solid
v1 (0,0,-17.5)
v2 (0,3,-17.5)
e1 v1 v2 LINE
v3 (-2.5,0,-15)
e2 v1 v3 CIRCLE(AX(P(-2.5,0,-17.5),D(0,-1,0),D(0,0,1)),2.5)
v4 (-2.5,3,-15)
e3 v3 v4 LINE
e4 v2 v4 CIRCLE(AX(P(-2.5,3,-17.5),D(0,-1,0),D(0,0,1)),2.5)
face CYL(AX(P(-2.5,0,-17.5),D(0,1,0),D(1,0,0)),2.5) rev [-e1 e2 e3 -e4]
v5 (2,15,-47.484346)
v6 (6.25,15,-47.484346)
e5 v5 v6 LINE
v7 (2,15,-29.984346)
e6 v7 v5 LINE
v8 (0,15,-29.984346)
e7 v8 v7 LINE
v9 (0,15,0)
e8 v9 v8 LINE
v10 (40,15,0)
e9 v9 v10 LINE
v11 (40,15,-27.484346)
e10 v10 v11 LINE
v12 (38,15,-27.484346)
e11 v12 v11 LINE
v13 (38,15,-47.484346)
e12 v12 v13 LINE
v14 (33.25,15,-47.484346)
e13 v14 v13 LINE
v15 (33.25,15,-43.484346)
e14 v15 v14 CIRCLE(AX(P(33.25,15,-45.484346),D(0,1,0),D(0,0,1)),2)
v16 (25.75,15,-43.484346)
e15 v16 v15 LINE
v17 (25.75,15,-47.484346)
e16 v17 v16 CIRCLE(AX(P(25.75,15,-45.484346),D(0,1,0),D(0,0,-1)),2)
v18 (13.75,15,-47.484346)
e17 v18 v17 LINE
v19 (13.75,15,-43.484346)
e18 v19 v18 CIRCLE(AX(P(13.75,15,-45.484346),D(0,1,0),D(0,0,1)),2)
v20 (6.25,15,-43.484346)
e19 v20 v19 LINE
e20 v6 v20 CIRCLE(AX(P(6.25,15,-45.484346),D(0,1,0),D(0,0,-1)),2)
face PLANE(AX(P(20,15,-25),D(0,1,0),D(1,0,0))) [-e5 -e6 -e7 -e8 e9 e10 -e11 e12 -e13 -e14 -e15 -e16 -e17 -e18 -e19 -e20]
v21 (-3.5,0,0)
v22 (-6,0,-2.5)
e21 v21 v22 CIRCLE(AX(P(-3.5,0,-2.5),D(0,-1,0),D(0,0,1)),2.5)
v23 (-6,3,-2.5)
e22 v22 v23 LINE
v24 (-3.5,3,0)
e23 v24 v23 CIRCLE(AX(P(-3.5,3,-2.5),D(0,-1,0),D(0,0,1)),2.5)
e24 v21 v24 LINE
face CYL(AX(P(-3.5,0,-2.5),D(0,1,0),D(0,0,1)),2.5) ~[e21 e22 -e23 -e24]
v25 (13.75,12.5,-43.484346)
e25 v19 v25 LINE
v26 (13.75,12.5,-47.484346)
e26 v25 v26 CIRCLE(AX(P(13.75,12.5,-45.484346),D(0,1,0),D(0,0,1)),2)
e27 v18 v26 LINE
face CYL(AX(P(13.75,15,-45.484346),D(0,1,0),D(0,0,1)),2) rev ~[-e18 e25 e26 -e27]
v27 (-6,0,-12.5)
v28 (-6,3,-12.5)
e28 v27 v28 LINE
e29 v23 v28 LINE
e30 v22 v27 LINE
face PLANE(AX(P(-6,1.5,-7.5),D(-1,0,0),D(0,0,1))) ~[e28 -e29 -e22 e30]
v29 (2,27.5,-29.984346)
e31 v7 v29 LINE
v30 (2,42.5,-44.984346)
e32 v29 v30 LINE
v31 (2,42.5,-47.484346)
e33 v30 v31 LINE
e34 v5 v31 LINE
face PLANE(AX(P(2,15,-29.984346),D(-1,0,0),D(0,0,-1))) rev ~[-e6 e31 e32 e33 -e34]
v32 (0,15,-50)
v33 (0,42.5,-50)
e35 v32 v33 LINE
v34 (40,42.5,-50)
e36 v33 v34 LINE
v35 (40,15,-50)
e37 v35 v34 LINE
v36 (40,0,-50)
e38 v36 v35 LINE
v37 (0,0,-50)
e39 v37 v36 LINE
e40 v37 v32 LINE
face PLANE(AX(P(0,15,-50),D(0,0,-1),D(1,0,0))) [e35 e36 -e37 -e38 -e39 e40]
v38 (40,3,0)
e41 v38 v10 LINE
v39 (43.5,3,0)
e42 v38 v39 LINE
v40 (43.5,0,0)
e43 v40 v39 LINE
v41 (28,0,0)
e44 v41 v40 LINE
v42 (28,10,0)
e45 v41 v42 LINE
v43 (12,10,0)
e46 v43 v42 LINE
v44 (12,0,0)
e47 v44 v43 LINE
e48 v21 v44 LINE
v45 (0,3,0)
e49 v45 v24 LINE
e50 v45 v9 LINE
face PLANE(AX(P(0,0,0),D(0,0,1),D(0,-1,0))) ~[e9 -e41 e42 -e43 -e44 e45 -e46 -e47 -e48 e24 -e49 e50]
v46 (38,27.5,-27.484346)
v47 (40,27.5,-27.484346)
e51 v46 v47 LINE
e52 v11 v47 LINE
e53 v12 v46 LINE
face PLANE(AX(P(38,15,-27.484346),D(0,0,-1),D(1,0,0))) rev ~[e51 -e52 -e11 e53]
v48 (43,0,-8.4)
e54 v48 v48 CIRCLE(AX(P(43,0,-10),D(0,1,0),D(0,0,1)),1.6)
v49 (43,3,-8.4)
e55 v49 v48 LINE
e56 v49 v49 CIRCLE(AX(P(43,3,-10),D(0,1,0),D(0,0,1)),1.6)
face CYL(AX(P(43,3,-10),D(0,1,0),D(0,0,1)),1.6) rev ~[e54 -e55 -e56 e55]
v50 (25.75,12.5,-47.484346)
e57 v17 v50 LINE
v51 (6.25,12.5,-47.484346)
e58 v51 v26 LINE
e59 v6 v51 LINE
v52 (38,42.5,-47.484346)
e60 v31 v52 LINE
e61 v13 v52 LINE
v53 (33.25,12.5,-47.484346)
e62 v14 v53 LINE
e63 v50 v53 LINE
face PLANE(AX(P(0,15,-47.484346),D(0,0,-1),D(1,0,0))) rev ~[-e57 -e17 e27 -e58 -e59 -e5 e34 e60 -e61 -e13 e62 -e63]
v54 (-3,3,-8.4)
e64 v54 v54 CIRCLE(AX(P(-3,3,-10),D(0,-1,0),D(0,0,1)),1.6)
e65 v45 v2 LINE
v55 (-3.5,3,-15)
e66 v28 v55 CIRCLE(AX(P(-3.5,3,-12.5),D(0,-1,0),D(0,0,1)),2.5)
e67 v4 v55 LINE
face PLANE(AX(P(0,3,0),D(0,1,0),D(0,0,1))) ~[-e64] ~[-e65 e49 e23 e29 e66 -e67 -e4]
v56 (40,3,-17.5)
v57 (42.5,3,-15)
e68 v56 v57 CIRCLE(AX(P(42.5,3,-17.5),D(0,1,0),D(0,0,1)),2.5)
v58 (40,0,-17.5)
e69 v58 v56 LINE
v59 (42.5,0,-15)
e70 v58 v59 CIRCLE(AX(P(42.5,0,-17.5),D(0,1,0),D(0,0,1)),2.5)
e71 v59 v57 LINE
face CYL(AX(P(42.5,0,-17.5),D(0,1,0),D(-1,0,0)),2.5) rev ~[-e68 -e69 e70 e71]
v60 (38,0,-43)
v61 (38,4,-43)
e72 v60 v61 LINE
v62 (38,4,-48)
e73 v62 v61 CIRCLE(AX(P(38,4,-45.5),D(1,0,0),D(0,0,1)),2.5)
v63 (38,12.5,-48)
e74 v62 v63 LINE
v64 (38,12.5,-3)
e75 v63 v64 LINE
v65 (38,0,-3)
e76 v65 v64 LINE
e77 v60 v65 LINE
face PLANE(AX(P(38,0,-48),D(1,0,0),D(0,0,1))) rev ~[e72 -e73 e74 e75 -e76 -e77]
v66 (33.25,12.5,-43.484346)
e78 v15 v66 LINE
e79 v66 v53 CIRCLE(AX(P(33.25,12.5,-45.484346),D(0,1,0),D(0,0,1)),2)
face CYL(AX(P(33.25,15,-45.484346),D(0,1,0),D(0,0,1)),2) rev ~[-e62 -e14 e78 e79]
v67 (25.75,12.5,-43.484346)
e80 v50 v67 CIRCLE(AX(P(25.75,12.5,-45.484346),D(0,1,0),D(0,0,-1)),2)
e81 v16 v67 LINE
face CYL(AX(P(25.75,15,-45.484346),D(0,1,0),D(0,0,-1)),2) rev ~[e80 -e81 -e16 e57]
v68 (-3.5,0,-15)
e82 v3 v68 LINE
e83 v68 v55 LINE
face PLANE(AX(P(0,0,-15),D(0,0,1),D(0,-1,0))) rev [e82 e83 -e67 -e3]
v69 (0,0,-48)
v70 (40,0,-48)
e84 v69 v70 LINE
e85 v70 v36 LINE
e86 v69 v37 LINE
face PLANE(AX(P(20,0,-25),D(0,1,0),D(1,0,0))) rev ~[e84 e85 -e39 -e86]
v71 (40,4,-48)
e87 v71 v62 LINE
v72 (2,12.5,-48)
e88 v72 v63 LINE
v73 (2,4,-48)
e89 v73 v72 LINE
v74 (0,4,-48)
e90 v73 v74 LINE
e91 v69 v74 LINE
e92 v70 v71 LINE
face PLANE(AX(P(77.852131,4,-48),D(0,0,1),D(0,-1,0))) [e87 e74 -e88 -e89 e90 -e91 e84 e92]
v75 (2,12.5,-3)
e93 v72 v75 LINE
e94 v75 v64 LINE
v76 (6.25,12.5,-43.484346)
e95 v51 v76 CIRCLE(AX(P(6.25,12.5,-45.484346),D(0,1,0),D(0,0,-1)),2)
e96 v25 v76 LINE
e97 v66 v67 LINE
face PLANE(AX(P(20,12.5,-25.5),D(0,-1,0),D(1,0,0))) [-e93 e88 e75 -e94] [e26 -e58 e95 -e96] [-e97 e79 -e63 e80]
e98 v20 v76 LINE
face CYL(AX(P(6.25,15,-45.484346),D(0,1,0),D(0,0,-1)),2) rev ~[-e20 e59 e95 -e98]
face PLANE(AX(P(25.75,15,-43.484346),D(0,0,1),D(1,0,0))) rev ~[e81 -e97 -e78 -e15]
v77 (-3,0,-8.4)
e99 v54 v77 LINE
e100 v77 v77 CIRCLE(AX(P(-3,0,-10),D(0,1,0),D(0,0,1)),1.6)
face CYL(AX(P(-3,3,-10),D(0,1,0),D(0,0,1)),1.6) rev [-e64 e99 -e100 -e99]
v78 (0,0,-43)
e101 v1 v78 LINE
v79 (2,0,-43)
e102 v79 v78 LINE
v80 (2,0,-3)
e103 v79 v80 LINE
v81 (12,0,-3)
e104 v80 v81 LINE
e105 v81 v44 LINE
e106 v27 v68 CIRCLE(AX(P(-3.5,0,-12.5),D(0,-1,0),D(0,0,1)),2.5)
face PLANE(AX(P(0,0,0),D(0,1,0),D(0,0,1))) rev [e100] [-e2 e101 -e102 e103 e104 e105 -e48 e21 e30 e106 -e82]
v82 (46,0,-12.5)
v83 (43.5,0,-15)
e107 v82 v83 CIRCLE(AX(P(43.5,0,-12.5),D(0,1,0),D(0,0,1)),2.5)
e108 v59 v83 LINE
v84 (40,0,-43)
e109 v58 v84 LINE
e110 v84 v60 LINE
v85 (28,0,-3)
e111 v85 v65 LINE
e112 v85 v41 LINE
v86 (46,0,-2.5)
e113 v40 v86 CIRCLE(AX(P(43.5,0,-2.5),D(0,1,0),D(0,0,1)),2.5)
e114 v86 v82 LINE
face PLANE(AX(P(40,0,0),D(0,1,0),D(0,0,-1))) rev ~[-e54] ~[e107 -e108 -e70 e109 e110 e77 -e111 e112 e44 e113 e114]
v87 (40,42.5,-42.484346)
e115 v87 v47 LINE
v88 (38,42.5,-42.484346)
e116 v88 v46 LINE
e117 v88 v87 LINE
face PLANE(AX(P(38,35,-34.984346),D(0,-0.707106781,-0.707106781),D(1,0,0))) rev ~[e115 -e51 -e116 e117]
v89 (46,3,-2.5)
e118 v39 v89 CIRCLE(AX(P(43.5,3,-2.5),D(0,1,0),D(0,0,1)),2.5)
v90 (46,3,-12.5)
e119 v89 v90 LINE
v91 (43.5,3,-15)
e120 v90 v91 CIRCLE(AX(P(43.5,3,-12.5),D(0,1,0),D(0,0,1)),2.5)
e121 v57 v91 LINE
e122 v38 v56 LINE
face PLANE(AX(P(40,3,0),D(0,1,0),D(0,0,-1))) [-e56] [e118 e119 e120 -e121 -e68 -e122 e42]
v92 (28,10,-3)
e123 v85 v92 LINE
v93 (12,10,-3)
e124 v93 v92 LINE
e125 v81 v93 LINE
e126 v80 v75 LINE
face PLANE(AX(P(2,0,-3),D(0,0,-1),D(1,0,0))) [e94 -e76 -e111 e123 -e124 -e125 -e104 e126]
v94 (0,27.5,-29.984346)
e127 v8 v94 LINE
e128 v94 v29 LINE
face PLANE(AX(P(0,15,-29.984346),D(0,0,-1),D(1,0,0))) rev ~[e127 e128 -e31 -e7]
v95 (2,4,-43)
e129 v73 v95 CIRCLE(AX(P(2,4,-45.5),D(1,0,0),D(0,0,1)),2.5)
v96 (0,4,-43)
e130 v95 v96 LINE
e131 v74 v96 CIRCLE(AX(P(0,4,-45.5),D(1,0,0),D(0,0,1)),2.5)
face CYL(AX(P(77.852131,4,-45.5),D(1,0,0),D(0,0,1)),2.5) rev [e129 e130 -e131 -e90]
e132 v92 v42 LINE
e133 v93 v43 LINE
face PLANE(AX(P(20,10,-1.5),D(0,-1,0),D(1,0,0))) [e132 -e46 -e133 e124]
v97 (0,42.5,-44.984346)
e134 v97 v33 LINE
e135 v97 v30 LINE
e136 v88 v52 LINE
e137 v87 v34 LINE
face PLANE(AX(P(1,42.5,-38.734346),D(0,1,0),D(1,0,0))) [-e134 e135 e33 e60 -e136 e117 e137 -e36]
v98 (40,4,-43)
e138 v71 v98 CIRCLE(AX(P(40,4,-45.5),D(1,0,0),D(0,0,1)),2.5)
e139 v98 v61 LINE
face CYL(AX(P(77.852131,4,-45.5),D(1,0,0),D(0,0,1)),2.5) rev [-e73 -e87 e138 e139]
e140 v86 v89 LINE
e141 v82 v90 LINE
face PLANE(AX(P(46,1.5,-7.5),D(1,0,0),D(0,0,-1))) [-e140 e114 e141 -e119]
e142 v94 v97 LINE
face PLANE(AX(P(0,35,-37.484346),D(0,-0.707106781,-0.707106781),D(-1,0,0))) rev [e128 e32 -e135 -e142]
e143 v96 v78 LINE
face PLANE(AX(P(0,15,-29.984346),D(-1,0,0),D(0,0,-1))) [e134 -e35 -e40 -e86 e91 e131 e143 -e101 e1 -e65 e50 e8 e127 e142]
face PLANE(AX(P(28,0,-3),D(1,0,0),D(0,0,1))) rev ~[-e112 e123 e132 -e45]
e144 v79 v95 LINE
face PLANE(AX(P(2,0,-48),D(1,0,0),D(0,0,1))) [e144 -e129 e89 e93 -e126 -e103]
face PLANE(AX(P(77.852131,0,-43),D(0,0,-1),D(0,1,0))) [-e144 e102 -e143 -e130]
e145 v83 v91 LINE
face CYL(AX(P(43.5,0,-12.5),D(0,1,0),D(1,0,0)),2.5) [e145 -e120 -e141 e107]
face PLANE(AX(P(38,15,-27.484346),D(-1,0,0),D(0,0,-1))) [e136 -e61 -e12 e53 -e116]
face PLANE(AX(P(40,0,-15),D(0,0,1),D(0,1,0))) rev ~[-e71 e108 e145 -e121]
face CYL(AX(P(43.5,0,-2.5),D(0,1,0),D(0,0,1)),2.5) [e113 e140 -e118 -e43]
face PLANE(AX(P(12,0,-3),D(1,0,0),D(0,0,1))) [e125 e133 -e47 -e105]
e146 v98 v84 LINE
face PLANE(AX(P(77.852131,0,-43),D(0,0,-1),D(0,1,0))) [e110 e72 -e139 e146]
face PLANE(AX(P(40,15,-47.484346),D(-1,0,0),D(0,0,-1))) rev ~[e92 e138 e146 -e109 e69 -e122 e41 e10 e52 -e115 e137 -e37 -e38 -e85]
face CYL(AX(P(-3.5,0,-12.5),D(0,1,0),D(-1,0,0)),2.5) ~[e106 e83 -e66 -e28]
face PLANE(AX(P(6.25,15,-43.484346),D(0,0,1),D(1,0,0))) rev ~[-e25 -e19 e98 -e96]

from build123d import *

# Parameters (mm, degrees)
SKETCH1_W               = 40
SKETCH1_H               = 50
BOSS_EXTRUDE1_DEPTH     = 15
SKETCH2_W               = 16
SKETCH2_H               = 3
CUT_EXTRUDE1_DEPTH      = 10
SKETCH3_W               = 36
SKETCH3_H               = 45
CUT_EXTRUDE2_DEPTH      = 12.5
SKETCH4_W               = 40
SKETCH4_H               = 2.515653855
BOSS_EXTRUDE2_DEPTH     = 27.5
CUT_EXTRUDE3_DEPTH      = 70.686799324
SKETCH6_W               = 2
SKETCH6_H               = 17.5
SKETCH6_H_2             = 20
BOSS_EXTRUDE3_DEPTH     = 27.5
CUT_EXTRUDE5_DEPTH      = 77.852130745
CUT_EXTRUDE5_DEPTH_BACK = 77.852130745
SKETCH8_W               = 15
SKETCH8_H               = 3
BOSS_EXTRUDE4_DEPTH     = 6
SKETCH9_R               = 1.6
CUT_EXTRUDE6_DEPTH      = 79.589121385
FILLET1_R               = 2.5
CHAMFER3_SIZE           = 15


with BuildPart() as part:
    # Sketch1 → Boss-Extrude1 (new body)
    with BuildSketch(Plane(origin=(0, 0, 0), x_dir=(1, 0, 0), z_dir=(0, 1, 0))):
        with Locations((20, 25)):
            Rectangle(SKETCH1_W, SKETCH1_H)
    extrude(amount=BOSS_EXTRUDE1_DEPTH)

    # Sketch2 → Cut-Extrude1 (cut)
    with BuildSketch(Plane.XZ):
        with Locations((20, -1.5)):
            Rectangle(SKETCH2_W, SKETCH2_H)
    extrude(amount=-CUT_EXTRUDE1_DEPTH, mode=Mode.SUBTRACT)

    # Sketch3 → Cut-Extrude2 (cut)
    with BuildSketch(Plane.XZ):
        with Locations((20, -25.5)):
            Rectangle(SKETCH3_W, SKETCH3_H)
    extrude(amount=-CUT_EXTRUDE2_DEPTH, mode=Mode.SUBTRACT)

    # Sketch4 → Boss-Extrude2 (add)
    with BuildSketch(Plane(origin=(0, 15, 0), x_dir=(1, 0, 0), z_dir=(0, 1, 0))):
        with Locations((20, 48.742173073)):
            Rectangle(SKETCH4_W, SKETCH4_H)
    extrude(amount=BOSS_EXTRUDE2_DEPTH)

    # Sketch5 → Cut-Extrude3 (cut, through all)
    with BuildSketch(Plane(origin=(0, 15, 0), x_dir=(1, 0, 0), z_dir=(0, 1, 0))):
        with BuildLine():
            Line((13.75, 47.484346145), (6.25, 47.484346145))
            ThreePointArc((6.25, 47.484346145), (4.25, 45.484346145), (6.25, 43.484346145))
            Line((6.25, 43.484346145), (13.75, 43.484346145))
            ThreePointArc((13.75, 43.484346145), (15.75, 45.484346145), (13.75, 47.484346145))
        make_face()
        with BuildLine():
            Line((33.25, 47.484346145), (25.75, 47.484346145))
            ThreePointArc((25.75, 47.484346145), (23.75, 45.484346145), (25.75, 43.484346145))
            Line((25.75, 43.484346145), (33.25, 43.484346145))
            ThreePointArc((33.25, 43.484346145), (35.25, 45.484346145), (33.25, 47.484346145))
        make_face()
    extrude(amount=-CUT_EXTRUDE3_DEPTH, mode=Mode.SUBTRACT)

    # Sketch6 → Boss-Extrude3 (add)
    with BuildSketch(Plane(origin=(0, 15, 0), x_dir=(1, 0, 0), z_dir=(0, 1, 0))):
        with Locations((1, 38.734346145)):
            Rectangle(SKETCH6_W, SKETCH6_H)
        with Locations((39, 37.484346145)):
            Rectangle(SKETCH6_W, SKETCH6_H_2)
    extrude(amount=BOSS_EXTRUDE3_DEPTH)

    # Sketch7 → Cut-Extrude5 (cut, two sides: drawn at the far end of the back side and taken through both)
    with BuildSketch(Plane.ZY.offset(-CUT_EXTRUDE5_DEPTH_BACK)):
        with BuildLine():
            Line((-48, 4), (-48, 0))
            Line((-48, 0), (-43, 0))
            Line((-43, 0), (-43, 4))
            ThreePointArc((-43, 4), (-45.5, 6.5), (-48, 4))
        make_face()
    extrude(amount=CUT_EXTRUDE5_DEPTH + CUT_EXTRUDE5_DEPTH_BACK, mode=Mode.SUBTRACT)

    # Sketch8 → Boss-Extrude4 (add)
    with BuildSketch(Plane(origin=(40, 0, 0), x_dir=(0, 0, -1), z_dir=(1, 0, 0))):
        with Locations((7.5, 1.5)):
            Rectangle(SKETCH8_W, SKETCH8_H)
    boss_extrude4 = extrude(amount=BOSS_EXTRUDE4_DEPTH)

    # Sketch9 → Cut-Extrude6 (cut, through all)
    with BuildSketch(Plane(origin=(0, 3, 0), x_dir=(1, 0, 0), z_dir=(0, 1, 0))):
        with Locations(Location((43, 10, 0), (0, 0, 270))):
            Circle(SKETCH9_R)
    cut_extrude6 = extrude(amount=-CUT_EXTRUDE6_DEPTH, mode=Mode.SUBTRACT)

    # Mirror1: Boss-Extrude4, Cut-Extrude6 across plane
    add(boss_extrude4.mirror(Plane.ZY.offset(-20)))
    add(cut_extrude6.mirror(Plane.ZY.offset(-20)), mode=Mode.SUBTRACT)

    # Fillet1
    fillet1_edges = [part.edges().sort_by_distance(p)[0] for p in [
        (40, 1.5, -15),
        (46, 1.5, 0),
        (46, 1.5, -15),
        (-6, 1.5, 0),
        (-6, 1.5, -15),
        (0, 1.5, -15),
    ]]
    fillet(fillet1_edges, radius=FILLET1_R)

    # Chamfer3
    chamfer3_edges = [part.edges().sort_by_distance(p)[0] for p in [
        (39, 42.5, -27.484346145),
        (1, 42.5, -29.984346145),
    ]]
    chamfer(chamfer3_edges, length=CHAMFER3_SIZE)


solid = part.part
